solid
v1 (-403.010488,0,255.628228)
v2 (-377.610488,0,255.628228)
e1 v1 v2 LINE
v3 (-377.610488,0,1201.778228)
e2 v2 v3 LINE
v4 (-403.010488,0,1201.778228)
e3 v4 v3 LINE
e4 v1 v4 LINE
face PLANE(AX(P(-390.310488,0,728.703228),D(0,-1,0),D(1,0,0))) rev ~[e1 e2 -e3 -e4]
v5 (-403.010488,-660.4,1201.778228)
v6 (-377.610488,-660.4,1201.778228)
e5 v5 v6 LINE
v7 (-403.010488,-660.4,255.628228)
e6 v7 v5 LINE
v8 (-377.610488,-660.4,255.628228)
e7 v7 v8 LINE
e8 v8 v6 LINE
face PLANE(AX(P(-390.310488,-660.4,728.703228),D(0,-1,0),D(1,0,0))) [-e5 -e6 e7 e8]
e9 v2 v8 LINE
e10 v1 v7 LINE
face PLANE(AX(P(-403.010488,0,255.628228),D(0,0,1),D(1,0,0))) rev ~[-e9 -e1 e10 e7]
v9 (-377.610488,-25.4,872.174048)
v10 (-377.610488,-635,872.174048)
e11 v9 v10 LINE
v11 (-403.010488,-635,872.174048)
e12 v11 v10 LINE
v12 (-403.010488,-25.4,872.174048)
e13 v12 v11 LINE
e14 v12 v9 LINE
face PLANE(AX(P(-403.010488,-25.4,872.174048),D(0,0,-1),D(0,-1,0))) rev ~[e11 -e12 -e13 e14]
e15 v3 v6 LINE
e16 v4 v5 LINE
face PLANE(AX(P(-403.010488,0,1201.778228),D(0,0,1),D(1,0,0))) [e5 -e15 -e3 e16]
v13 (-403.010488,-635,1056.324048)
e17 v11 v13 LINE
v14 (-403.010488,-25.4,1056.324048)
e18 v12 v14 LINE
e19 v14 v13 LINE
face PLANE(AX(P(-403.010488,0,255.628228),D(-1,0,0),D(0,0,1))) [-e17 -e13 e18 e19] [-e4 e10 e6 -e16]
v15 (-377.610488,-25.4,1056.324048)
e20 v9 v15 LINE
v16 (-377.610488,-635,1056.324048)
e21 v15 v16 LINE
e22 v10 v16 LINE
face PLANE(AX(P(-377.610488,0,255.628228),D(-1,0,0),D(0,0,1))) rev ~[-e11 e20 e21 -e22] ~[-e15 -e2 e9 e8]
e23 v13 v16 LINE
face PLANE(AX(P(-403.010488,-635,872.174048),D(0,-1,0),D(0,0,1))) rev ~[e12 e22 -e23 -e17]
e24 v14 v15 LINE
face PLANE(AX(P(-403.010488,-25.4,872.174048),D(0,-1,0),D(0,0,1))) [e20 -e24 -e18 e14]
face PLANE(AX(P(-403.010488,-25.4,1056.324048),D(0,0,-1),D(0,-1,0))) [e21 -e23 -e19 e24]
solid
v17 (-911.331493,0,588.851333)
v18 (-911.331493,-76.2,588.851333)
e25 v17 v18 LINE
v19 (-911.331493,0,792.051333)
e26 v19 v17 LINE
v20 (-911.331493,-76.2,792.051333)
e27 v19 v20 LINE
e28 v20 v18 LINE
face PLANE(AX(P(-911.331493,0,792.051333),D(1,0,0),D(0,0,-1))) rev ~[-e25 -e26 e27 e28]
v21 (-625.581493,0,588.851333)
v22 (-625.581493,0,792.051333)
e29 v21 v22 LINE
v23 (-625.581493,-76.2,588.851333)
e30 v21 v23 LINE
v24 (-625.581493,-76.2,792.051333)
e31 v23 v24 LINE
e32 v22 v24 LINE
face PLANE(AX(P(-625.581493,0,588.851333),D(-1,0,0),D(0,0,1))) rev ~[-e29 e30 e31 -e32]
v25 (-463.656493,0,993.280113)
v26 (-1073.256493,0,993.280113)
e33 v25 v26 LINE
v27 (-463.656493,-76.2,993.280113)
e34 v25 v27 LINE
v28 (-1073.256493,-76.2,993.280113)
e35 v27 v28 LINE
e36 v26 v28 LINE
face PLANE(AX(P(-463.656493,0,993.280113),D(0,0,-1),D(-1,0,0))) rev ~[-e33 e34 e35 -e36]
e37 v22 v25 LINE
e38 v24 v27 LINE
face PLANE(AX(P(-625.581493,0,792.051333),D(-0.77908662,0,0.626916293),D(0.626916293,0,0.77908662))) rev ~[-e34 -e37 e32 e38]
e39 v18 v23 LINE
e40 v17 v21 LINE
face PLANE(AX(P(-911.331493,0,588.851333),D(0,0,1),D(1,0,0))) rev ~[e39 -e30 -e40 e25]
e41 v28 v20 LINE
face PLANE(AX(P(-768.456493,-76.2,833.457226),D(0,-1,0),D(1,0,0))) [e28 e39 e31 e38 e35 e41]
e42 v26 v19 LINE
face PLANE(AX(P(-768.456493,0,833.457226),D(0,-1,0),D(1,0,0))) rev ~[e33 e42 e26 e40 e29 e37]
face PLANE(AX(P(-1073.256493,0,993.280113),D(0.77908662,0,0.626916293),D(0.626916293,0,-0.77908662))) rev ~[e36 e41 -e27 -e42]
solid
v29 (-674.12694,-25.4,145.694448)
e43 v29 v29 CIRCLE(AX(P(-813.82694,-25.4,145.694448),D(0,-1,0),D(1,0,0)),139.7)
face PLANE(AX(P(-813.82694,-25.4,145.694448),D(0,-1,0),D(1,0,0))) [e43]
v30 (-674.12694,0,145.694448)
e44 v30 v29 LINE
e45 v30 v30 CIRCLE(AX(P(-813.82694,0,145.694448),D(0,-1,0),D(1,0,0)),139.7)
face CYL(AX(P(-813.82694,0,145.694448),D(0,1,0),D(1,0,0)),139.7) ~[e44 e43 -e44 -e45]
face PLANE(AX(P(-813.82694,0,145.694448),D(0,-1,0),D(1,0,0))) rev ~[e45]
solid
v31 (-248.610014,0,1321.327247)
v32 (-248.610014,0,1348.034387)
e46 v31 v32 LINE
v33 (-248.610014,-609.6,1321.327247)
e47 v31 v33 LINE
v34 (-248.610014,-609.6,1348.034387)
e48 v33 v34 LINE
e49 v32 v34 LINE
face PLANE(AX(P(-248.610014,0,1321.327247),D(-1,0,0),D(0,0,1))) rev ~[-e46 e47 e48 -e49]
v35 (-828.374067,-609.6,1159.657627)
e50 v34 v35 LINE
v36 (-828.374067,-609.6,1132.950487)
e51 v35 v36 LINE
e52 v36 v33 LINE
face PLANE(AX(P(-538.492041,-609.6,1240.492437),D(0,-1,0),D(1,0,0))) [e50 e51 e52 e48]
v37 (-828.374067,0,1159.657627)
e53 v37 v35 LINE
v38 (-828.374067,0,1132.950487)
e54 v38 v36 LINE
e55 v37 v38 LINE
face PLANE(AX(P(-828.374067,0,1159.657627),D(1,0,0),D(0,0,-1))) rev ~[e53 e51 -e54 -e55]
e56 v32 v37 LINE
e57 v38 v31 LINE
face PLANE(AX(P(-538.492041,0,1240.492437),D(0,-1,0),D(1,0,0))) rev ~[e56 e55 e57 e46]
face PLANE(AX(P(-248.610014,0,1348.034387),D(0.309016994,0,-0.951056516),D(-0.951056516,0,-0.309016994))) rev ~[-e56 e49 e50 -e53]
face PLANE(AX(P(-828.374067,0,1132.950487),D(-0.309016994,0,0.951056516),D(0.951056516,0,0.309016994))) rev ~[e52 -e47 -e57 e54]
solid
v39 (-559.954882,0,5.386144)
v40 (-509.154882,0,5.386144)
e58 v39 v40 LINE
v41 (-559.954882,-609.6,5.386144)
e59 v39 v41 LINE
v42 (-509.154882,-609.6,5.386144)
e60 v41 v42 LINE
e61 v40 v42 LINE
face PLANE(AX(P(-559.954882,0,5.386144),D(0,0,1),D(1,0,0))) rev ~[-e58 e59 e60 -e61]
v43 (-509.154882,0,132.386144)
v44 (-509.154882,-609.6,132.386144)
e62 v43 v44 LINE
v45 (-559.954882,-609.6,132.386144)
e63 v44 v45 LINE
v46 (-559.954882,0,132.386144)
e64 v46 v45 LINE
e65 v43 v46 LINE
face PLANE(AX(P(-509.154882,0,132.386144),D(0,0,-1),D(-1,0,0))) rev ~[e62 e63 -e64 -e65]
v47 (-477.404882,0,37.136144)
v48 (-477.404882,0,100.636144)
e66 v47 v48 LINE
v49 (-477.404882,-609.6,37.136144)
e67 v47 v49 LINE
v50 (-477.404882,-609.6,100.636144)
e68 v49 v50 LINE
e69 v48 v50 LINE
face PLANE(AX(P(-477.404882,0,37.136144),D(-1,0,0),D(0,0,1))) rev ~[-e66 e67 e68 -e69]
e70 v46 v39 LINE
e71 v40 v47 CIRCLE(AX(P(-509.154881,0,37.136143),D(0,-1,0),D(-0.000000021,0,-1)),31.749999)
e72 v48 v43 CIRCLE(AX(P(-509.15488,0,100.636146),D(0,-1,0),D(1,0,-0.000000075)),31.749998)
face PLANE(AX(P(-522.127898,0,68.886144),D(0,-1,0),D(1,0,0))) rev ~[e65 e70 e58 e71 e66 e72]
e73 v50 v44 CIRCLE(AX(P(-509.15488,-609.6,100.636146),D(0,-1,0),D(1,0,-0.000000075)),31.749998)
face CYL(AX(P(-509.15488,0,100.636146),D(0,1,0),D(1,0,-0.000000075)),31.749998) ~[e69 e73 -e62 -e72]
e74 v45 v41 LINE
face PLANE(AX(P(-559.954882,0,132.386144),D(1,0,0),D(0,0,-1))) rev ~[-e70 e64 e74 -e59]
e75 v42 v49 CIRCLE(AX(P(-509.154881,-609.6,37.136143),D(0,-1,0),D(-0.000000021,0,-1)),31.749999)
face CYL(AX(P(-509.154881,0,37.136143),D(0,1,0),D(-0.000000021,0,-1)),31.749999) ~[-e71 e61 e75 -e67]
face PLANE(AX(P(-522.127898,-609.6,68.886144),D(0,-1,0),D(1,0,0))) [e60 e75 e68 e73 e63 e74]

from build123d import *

# Parameters (mm, degrees)
F0_R     = 139.7
F1_DEPTH = 25.4
F2_DEPTH = 609.6
F0_W     = 25.4
F0_H     = 946.15
F3_DEPTH = 660.4
F4_W     = 609.6
F4_H     = 184.15
F5_DEPTH = 27.94
F6_DEPTH = 609.6
F7_DEPTH = 76.2


with BuildPart() as f1:
    # F0 (on Front) → F1 (new body)
    with BuildSketch(Plane.XZ):
        with Locations((-813.82694, 145.694448)):
            Circle(F0_R)
    extrude(amount=F1_DEPTH)


with BuildPart() as f2:
    # F0 (on Front) → F2 (new body)
    with BuildSketch(Plane.XZ):
        with BuildLine():
            Line((-559.954882, 132.386144), (-559.954882, 5.386144))
            Line((-559.954882, 5.386144), (-509.154882, 5.386144))
            ThreePointArc((-509.154882, 5.386144), (-486.704241, 14.685504), (-477.404882, 37.136144))
            Line((-477.404882, 37.136144), (-477.404882, 100.636144))
            ThreePointArc((-477.404882, 100.636144), (-486.704241, 123.086785), (-509.154882, 132.386144))
            Line((-509.154882, 132.386144), (-559.954882, 132.386144))
        make_face()
    extrude(amount=F2_DEPTH)


with BuildPart() as f3:
    # F0 (on Front) → F3 (new body)
    with BuildSketch(Plane.XZ):
        with Locations((-390.310488, 728.703228)):
            Rectangle(F0_W, F0_H)
    extrude(amount=F3_DEPTH)

    # F4 (on face) → F5 (cut)
    with BuildSketch(Plane(origin=(-403.010488, 0, 0), x_dir=(0, -1, 0), z_dir=(-1, 0, 0))):
        with Locations((330.2, 964.249048)):
            Rectangle(F4_W, F4_H)
    extrude(amount=-F5_DEPTH, mode=Mode.SUBTRACT)


with BuildPart() as f6:
    # F0 (on Front) → F6 (new body)
    with BuildSketch(Plane.XZ):
        Polygon((-248.610014, 1348.034387), (-828.374067, 1159.657627), (-828.374067, 1132.950487), (-248.610014, 1321.327247), align=None)
    extrude(amount=F6_DEPTH)


with BuildPart() as f7:
    # F0 (on Front) → F7 (new body)
    with BuildSketch(Plane.XZ):
        Polygon((-463.656493, 993.280113), (-1073.256493, 993.280113), (-911.331493, 792.051333), (-911.331493, 588.851333), (-625.581493, 588.851333), (-625.581493, 792.051333), align=None)
    extrude(amount=F7_DEPTH)


solid = Compound([f1.part, f2.part, f3.part, f6.part, f7.part])
